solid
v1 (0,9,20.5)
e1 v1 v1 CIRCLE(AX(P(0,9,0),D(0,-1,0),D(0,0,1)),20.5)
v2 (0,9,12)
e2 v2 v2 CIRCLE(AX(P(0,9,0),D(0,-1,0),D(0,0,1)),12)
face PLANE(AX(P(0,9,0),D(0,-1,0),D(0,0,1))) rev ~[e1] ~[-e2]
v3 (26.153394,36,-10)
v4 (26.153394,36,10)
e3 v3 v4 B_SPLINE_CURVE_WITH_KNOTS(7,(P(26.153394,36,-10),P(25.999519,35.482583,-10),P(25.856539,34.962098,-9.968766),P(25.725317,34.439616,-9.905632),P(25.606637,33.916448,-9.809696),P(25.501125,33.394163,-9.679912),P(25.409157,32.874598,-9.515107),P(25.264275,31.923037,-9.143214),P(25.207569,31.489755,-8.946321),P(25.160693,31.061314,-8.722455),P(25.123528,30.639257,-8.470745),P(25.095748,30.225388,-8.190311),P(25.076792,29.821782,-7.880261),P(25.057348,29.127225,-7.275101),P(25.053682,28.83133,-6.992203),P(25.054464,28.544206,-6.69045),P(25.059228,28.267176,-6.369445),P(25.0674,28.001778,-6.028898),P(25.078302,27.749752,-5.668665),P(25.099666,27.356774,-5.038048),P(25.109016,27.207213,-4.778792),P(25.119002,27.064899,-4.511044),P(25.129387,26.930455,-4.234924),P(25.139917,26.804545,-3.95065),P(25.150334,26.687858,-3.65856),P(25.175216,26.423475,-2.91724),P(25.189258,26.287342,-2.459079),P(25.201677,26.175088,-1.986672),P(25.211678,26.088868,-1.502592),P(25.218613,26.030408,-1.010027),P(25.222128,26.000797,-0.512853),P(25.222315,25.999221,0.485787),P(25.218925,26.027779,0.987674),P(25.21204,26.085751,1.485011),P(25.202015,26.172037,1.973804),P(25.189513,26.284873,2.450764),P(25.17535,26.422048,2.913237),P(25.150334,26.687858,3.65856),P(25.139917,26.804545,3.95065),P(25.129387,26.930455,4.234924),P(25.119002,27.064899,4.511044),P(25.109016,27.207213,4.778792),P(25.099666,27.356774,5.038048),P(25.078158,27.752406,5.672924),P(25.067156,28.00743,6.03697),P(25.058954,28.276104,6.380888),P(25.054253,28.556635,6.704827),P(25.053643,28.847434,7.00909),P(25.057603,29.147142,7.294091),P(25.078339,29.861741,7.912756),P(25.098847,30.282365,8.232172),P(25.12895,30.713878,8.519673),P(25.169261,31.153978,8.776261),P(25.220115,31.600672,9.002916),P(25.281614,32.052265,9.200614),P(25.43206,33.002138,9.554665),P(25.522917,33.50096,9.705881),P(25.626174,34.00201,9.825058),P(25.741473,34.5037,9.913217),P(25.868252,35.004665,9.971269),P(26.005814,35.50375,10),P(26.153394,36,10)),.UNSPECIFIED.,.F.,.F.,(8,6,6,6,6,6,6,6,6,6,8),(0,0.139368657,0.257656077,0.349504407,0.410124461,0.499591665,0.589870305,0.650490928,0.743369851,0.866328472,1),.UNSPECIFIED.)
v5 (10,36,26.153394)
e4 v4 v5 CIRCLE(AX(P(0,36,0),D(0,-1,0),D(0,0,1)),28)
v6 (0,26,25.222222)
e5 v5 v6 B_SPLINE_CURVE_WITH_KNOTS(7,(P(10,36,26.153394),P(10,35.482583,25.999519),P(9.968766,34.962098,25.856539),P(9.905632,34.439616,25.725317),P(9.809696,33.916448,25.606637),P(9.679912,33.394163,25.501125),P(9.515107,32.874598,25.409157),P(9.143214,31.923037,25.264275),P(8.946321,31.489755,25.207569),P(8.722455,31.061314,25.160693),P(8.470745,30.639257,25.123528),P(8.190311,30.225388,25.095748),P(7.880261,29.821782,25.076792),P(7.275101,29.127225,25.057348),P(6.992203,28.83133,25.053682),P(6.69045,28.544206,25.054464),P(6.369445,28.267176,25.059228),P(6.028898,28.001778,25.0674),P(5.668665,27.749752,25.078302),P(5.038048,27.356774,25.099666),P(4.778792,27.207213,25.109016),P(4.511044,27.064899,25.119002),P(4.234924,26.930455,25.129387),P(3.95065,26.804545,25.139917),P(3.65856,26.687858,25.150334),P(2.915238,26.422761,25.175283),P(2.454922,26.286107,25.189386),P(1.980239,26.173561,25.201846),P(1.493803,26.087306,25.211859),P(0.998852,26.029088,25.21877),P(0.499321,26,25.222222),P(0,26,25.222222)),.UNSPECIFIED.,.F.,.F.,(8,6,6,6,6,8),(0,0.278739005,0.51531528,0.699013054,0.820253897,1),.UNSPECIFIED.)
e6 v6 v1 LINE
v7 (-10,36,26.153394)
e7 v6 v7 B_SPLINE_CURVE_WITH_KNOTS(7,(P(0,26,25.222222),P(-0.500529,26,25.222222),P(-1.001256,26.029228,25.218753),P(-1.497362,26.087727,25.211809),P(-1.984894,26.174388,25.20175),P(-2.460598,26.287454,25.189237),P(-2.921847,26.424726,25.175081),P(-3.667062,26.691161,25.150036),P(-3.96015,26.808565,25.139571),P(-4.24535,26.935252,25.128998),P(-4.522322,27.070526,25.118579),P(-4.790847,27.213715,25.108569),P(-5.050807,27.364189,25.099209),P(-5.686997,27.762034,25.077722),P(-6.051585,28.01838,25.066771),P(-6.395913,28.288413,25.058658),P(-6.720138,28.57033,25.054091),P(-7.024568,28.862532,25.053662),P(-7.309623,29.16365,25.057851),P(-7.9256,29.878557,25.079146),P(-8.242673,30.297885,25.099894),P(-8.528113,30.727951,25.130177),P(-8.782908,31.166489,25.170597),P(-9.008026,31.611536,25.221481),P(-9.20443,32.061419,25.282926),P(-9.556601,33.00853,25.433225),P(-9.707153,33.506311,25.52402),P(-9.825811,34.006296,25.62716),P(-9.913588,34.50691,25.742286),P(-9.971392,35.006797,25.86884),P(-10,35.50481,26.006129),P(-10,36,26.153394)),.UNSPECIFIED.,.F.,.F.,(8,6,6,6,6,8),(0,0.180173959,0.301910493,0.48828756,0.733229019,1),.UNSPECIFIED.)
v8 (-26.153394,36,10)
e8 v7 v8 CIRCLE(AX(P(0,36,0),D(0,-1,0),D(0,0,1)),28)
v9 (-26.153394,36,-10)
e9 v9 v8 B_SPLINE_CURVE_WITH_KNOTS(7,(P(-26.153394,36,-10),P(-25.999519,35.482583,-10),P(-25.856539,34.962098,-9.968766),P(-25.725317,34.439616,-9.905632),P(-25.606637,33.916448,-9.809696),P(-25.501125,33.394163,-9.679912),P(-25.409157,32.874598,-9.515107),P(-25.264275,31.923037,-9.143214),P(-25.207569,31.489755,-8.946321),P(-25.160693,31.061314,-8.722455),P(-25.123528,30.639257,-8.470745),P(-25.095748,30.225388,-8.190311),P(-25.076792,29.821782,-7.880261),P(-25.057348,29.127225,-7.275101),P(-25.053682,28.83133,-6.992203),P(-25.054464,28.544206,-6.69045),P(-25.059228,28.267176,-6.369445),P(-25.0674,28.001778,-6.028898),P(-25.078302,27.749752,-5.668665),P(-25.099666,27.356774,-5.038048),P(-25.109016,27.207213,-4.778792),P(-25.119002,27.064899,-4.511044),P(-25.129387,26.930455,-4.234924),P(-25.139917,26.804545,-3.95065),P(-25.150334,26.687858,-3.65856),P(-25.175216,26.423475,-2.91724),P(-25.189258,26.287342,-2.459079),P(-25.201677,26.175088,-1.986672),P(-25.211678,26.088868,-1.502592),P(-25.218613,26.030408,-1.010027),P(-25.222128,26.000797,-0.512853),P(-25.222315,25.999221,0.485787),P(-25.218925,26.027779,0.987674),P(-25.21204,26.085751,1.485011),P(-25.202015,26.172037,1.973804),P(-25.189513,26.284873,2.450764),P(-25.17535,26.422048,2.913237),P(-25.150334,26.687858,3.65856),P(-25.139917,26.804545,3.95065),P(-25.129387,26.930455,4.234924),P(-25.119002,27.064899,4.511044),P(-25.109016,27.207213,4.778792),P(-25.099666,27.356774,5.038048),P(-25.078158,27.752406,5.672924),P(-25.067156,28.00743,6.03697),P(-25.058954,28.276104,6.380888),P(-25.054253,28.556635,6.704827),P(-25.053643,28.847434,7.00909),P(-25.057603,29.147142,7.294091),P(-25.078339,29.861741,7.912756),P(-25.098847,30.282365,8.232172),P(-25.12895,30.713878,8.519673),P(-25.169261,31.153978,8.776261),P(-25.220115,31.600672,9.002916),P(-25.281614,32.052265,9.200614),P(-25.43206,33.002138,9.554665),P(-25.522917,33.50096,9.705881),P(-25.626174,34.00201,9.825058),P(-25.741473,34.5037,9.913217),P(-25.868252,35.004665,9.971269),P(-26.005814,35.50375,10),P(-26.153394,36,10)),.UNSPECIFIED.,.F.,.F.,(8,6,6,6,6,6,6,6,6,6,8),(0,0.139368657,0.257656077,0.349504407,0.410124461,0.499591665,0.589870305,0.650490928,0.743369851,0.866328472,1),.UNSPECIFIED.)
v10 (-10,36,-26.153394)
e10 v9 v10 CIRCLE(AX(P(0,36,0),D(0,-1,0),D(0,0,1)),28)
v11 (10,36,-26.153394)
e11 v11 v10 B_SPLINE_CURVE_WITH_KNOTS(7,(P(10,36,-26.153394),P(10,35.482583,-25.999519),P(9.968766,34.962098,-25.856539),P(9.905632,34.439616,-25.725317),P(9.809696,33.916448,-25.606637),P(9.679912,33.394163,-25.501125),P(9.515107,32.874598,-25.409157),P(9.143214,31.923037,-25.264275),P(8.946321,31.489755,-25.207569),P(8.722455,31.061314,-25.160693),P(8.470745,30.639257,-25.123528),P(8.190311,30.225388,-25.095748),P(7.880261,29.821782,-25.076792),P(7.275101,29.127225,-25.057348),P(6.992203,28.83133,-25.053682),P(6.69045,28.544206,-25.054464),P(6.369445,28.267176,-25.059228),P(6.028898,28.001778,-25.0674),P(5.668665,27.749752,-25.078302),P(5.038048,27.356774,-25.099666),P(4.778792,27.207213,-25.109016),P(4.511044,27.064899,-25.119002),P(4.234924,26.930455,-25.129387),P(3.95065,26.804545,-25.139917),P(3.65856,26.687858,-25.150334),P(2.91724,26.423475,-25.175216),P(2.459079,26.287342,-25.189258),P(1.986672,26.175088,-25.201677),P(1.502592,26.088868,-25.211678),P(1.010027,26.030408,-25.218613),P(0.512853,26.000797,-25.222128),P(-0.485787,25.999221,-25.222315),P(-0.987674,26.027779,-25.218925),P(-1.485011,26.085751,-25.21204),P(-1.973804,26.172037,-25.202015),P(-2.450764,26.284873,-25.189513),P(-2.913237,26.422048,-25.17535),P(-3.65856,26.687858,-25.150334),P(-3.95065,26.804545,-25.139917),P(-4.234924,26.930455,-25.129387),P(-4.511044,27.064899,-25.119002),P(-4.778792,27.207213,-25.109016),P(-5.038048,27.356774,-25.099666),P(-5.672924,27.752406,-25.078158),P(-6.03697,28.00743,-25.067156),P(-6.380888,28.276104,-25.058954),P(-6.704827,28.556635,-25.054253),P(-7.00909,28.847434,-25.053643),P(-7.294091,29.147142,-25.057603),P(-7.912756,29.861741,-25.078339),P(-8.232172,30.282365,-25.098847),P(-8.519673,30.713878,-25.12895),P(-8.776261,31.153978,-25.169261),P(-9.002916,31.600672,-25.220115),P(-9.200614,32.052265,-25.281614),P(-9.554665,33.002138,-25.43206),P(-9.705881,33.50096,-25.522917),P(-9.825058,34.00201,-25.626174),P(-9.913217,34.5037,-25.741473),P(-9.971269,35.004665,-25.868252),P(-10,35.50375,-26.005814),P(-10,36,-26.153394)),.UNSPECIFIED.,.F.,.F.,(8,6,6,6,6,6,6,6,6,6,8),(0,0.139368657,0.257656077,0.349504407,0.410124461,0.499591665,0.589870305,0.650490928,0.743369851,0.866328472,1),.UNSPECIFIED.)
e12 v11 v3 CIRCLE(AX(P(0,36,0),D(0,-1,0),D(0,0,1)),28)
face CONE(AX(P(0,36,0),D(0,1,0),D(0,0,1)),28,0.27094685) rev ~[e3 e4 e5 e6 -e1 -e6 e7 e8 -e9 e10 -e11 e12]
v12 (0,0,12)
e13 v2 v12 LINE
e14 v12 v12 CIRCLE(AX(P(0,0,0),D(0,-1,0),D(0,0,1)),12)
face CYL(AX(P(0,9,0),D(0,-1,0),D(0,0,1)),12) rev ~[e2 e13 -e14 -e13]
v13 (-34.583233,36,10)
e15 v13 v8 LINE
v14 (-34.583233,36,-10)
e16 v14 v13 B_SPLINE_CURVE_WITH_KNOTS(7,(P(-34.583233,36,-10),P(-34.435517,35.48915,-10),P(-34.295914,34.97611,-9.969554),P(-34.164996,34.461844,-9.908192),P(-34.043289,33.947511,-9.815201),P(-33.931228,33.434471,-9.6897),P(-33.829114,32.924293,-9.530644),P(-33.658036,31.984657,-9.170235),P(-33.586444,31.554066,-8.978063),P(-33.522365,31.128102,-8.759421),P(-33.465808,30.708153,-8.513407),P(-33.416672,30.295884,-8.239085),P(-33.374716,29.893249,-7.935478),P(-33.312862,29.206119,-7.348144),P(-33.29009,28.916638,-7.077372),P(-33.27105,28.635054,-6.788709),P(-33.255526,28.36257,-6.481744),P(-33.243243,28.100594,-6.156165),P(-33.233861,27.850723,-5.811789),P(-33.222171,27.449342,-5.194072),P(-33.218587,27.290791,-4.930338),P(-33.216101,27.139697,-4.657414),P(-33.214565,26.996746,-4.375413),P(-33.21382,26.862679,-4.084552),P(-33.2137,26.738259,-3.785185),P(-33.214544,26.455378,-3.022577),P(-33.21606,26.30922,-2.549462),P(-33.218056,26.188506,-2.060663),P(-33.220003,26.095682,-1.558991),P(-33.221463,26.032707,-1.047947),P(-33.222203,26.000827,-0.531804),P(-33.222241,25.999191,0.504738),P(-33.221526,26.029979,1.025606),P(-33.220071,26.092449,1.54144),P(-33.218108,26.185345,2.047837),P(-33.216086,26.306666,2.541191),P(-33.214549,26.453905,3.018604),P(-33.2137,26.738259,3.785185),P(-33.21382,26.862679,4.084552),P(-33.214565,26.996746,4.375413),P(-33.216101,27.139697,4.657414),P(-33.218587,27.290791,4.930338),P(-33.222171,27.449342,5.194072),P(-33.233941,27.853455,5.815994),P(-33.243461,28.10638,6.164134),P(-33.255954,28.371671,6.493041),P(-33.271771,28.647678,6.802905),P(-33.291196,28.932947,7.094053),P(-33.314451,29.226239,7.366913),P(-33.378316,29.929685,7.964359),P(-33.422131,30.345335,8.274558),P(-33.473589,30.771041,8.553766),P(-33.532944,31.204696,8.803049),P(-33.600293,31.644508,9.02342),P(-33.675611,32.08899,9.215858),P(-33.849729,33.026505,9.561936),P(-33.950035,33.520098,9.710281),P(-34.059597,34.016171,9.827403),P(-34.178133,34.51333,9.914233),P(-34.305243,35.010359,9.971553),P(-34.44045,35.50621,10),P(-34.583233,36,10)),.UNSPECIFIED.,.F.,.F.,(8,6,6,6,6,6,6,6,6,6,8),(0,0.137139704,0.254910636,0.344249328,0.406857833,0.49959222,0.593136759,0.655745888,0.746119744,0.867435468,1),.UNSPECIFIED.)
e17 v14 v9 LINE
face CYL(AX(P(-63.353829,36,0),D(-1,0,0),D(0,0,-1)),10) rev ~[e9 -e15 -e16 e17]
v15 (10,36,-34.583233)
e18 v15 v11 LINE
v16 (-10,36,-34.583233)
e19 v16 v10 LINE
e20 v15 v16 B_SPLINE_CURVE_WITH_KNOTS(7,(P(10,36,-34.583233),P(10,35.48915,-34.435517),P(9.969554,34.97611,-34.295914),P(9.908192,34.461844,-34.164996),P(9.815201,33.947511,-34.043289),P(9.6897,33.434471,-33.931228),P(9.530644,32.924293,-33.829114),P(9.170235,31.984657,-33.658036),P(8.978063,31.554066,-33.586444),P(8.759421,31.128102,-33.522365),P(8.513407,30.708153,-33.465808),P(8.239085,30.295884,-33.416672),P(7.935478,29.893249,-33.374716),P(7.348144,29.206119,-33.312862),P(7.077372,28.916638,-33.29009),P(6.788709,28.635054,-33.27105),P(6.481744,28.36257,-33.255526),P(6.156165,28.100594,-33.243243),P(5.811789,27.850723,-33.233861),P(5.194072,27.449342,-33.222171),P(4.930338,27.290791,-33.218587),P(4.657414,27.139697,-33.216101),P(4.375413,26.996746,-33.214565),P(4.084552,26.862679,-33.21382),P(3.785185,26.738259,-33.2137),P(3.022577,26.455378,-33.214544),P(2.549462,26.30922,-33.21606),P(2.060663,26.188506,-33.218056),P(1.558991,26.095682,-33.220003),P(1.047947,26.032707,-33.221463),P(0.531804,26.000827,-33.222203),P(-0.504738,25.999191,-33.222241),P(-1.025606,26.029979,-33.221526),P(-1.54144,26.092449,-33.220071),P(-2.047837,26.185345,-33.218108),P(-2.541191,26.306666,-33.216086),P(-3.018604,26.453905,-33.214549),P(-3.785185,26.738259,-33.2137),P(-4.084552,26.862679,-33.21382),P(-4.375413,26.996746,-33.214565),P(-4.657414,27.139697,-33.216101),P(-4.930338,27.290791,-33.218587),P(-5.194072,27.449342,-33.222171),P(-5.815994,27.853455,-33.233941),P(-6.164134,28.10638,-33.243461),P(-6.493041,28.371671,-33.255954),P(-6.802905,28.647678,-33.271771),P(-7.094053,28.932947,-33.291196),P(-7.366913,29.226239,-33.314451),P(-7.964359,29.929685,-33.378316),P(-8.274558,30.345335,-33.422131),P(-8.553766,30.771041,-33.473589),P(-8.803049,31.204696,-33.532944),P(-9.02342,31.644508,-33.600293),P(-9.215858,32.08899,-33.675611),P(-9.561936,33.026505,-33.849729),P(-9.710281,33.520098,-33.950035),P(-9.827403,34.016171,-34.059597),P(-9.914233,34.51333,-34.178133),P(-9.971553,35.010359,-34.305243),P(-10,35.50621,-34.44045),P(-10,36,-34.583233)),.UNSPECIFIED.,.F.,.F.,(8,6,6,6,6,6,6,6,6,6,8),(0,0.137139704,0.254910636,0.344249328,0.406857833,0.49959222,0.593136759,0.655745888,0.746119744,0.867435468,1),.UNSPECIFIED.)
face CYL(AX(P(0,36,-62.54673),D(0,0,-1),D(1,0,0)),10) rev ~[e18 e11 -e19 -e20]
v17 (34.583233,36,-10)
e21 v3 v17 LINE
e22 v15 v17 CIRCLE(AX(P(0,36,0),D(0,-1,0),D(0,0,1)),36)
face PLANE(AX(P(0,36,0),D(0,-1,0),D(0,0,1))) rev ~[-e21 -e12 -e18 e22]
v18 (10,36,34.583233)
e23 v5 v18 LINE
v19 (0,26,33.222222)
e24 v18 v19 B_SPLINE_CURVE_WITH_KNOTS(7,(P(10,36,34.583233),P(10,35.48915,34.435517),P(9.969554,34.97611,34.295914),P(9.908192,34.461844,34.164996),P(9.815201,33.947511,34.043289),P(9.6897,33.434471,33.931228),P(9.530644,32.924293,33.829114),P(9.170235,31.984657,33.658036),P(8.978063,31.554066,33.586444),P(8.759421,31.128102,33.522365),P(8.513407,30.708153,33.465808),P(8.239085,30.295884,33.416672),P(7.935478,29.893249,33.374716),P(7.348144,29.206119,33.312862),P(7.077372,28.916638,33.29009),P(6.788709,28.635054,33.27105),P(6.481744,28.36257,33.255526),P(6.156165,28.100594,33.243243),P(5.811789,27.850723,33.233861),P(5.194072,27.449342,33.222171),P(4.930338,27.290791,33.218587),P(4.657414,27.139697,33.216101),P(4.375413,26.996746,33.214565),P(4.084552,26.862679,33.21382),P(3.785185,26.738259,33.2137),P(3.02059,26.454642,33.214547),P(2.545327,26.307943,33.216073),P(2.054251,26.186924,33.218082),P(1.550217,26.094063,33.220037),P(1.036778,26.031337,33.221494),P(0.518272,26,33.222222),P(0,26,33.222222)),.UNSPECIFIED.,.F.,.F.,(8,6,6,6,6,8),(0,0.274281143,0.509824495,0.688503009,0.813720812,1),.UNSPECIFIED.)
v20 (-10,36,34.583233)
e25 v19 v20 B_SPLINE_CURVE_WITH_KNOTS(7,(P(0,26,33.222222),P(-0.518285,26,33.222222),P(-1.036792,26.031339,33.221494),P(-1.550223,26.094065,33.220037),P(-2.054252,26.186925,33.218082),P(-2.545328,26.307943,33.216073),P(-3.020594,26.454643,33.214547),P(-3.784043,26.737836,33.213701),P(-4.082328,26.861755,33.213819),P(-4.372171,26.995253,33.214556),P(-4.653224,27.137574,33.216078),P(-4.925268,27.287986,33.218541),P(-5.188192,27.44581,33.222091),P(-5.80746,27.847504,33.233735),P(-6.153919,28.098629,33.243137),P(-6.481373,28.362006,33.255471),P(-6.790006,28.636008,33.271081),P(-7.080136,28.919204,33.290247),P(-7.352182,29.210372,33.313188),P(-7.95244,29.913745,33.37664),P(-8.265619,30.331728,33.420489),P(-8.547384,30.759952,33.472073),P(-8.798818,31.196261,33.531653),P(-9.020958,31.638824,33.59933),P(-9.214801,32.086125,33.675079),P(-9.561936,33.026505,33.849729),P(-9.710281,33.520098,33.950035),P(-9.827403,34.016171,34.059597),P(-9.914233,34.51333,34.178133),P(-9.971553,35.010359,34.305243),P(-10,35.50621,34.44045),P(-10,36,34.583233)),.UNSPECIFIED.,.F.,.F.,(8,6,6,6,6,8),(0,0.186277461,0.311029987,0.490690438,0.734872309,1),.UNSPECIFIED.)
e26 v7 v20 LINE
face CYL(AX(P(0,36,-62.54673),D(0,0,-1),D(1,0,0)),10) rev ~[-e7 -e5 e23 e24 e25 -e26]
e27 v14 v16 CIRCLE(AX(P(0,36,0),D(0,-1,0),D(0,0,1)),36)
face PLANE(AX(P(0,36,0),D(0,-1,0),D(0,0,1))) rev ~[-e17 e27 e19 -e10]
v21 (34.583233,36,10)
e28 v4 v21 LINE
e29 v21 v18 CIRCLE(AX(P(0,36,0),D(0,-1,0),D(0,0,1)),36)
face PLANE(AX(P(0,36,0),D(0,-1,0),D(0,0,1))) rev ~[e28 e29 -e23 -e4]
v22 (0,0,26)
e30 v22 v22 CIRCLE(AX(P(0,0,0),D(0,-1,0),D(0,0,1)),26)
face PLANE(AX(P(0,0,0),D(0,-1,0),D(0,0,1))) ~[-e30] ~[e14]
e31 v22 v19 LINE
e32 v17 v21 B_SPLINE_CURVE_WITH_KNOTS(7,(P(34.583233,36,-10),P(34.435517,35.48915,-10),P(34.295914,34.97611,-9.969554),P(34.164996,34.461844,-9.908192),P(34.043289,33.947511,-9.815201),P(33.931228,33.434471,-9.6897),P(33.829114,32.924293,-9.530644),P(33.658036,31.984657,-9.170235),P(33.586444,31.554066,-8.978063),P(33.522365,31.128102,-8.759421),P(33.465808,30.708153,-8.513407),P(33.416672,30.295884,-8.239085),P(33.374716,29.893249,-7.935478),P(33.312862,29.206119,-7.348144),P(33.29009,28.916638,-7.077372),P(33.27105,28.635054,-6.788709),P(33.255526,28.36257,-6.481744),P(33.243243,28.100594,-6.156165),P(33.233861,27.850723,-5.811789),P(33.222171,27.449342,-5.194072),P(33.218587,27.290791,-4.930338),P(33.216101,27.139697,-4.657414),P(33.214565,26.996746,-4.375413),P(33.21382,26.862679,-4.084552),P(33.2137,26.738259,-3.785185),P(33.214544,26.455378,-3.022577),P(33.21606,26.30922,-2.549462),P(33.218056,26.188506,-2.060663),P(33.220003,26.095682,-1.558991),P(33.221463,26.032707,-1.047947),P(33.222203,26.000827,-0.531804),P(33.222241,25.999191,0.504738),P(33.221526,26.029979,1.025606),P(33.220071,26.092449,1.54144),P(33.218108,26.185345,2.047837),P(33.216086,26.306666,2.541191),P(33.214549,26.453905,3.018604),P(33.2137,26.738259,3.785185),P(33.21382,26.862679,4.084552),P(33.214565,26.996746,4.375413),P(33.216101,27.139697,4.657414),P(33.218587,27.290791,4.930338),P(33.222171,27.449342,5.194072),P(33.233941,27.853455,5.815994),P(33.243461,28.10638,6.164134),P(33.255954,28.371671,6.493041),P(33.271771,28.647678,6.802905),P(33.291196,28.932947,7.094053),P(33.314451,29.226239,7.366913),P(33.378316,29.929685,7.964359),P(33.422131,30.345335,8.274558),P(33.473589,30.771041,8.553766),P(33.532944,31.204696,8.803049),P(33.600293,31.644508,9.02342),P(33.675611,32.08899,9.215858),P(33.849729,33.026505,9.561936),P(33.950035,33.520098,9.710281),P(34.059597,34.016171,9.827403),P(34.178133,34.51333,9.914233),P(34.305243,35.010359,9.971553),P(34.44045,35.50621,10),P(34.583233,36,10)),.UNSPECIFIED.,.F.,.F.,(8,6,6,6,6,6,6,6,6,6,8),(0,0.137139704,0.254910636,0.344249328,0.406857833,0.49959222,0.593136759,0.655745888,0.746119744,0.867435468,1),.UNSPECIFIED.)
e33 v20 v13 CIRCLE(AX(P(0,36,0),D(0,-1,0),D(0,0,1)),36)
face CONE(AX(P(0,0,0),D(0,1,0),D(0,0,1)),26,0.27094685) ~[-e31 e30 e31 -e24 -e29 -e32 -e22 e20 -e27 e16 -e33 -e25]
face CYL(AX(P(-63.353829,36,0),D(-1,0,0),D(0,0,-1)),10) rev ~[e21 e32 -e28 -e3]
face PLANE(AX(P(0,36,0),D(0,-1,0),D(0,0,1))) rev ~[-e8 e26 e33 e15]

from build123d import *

# Parameters (mm, degrees)
CUT_EXTRUDE1_DEPTH      = 63.353829072
CUT_EXTRUDE1_DEPTH_BACK = 63.353829072
CUT_EXTRUDE2_DEPTH      = 62.546730387
CUT_EXTRUDE2_DEPTH_BACK = 62.546730387


with BuildPart() as part:
    # Sketch1 → Revolve1 (revolve)
    with BuildSketch(Plane.XY, mode=Mode.PRIVATE) as revolve1_sk:
        Polygon((12, 0), (26, 0), (36, 36), (28, 36), (20.5, 9), (12, 9), align=None)
    revolve(revolve1_sk.sketch.rotate(Axis((0, 54.736842105, 0), (0, -1, 0)), 90), axis=Axis((0, 54.736842105, 0), (0, -1, 0)))

    # Sketch2 → Cut-Extrude1 (cut, two sides: drawn at the far end of the back side and taken through both)
    with BuildSketch(Plane(origin=(0, 0, 0), x_dir=(0, 0, -1), z_dir=(1, 0, 0)).offset(-CUT_EXTRUDE1_DEPTH_BACK)):
        with BuildLine():
            Line((-10, 36), (10, 36))
            ThreePointArc((10, 36), (0, 26), (-10, 36))
        make_face()
    extrude(amount=CUT_EXTRUDE1_DEPTH + CUT_EXTRUDE1_DEPTH_BACK, mode=Mode.SUBTRACT)

    # Sketch3 → Cut-Extrude2 (cut, two sides: drawn at the far end of the back side and taken through both)
    with BuildSketch(Plane.XY.offset(-CUT_EXTRUDE2_DEPTH_BACK)):
        with BuildLine():
            Line((-10, 36), (10, 36))
            ThreePointArc((10, 36), (0, 26), (-10, 36))
        make_face()
    extrude(amount=CUT_EXTRUDE2_DEPTH + CUT_EXTRUDE2_DEPTH_BACK, mode=Mode.SUBTRACT)


solid = part.part
